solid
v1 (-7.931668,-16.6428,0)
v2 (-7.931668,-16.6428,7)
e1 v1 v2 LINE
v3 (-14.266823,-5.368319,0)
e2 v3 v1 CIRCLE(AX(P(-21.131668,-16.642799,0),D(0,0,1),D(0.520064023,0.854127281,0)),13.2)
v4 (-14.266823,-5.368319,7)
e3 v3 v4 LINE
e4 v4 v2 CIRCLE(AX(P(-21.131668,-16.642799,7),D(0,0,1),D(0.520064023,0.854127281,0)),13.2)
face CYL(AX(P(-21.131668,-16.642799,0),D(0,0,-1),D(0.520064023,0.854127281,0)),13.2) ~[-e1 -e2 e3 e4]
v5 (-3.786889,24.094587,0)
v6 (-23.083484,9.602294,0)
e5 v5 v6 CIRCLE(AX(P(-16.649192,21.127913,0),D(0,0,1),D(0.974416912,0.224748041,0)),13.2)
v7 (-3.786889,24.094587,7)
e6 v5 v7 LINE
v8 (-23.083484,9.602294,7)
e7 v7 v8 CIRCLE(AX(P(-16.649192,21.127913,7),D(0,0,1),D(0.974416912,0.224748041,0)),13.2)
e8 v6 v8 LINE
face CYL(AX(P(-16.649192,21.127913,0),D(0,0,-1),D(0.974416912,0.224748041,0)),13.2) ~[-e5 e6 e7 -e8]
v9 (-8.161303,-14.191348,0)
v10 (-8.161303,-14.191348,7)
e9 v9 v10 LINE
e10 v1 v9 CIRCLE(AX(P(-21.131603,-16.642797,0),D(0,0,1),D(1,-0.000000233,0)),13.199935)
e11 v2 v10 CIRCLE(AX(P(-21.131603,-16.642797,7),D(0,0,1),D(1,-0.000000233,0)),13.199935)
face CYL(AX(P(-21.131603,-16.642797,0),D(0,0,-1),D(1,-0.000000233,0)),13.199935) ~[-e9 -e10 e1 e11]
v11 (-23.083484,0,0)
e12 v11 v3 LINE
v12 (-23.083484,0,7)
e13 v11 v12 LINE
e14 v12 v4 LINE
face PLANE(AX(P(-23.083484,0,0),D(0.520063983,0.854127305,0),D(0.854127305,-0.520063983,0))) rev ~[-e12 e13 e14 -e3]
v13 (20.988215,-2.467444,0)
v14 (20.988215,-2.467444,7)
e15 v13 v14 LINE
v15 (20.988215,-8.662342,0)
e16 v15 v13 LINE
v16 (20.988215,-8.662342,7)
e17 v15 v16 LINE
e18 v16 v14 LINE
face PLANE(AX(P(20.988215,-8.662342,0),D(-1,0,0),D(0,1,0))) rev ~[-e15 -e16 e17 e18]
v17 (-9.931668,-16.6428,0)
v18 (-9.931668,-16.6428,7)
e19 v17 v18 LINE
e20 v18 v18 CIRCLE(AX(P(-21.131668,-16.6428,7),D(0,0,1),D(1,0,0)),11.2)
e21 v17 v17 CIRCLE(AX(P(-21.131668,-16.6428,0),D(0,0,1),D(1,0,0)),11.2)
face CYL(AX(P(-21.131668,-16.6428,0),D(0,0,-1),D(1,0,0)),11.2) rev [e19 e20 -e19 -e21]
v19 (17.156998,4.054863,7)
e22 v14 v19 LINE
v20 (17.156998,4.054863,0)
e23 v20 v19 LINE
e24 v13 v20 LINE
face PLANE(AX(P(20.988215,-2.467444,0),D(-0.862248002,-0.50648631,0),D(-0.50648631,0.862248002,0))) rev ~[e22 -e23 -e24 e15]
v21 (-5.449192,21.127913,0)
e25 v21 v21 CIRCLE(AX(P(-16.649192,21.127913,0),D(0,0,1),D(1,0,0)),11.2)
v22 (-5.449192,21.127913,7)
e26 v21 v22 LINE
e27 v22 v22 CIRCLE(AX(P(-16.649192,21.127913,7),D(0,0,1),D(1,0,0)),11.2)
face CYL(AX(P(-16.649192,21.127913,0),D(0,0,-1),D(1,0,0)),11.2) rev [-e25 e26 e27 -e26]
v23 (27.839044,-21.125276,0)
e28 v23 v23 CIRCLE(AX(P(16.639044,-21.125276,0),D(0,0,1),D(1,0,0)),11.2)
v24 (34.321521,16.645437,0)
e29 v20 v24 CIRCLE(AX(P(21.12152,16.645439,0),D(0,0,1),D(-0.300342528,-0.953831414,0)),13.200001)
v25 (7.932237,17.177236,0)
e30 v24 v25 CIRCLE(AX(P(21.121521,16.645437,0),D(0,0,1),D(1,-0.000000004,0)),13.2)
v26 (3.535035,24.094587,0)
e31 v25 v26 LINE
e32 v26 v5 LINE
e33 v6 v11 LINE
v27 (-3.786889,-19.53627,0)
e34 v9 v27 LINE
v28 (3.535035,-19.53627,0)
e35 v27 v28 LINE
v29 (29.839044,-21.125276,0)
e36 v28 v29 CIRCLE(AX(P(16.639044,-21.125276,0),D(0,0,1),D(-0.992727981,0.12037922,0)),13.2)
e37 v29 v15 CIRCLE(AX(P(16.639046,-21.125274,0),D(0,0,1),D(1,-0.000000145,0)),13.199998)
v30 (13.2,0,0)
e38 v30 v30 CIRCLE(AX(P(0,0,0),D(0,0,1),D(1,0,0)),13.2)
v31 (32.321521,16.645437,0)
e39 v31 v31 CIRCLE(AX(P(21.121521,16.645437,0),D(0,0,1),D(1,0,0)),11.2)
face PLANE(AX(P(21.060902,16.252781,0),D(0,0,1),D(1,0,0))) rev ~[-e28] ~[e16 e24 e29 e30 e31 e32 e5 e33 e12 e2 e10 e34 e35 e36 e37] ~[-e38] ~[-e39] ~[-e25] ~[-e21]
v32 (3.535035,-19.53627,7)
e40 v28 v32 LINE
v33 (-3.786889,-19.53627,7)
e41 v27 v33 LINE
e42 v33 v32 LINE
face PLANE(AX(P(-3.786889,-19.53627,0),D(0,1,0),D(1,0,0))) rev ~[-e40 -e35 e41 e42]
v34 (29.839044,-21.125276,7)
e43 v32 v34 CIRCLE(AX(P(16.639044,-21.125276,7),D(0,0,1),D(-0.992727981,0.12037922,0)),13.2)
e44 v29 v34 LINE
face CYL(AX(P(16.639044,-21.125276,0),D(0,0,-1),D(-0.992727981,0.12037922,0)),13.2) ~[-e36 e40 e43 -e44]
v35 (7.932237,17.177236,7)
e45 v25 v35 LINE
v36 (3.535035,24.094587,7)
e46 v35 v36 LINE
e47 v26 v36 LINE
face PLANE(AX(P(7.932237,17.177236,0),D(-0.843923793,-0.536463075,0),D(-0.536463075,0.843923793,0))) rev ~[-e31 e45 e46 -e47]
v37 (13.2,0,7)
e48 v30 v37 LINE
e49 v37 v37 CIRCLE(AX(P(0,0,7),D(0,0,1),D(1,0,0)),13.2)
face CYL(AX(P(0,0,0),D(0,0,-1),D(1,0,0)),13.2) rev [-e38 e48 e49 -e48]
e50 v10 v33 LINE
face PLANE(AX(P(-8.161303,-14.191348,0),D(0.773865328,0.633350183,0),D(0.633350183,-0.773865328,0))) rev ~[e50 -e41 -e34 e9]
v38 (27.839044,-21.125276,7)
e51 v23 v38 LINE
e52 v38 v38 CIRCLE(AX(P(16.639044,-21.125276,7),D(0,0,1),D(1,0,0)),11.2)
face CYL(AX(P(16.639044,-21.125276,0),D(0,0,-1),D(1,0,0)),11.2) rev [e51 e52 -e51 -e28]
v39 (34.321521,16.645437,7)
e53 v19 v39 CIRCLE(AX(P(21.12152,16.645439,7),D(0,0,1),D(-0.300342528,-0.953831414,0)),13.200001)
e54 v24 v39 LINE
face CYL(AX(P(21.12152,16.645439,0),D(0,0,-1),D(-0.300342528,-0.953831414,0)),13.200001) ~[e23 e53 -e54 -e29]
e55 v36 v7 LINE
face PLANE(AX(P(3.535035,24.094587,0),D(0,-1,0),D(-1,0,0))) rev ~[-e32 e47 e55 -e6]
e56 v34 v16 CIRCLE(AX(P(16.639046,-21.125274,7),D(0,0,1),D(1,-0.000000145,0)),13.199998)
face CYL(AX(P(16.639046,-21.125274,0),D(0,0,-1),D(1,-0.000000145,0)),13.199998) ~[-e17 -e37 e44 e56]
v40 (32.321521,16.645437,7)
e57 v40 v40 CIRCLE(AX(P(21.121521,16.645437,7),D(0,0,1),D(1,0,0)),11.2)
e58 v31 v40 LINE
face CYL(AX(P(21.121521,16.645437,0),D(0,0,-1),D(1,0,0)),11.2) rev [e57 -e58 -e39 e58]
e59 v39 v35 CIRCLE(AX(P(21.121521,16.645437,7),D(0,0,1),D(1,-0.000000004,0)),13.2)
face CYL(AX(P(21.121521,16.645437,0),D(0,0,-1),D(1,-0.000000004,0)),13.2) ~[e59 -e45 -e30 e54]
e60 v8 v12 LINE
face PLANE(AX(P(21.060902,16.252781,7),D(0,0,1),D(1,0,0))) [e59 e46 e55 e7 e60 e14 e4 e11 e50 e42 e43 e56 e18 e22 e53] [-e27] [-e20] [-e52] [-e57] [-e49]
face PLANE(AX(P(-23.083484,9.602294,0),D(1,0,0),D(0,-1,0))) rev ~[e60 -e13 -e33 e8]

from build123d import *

# Parameters (mm, degrees)
F0_R     = 11.2
F0_R_2   = 13.2
F1_DEPTH = 7


with BuildPart() as f1:
    # F0 (on Top) → F1 (new body)
    with BuildSketch(Plane.XY):
        with BuildLine():
            ThreePointArc((17.156998, 4.054863), (28.928834, 6.001855), (34.321521, 16.645437))
            ThreePointArc((34.321521, 16.645437), (21.387474, 29.842758), (7.932237, 17.177236))
            ThreePointArc((7.932237, 17.177236), (10.322797, 9.054155), (17.156998, 4.054863))
        make_face()
        with Locations((21.121521, 16.645437)):
            Circle(F0_R, mode=Mode.SUBTRACT)
        with BuildLine():
            ThreePointArc((17.156998, 4.054863), (10.322797, 9.054155), (7.932237, 17.177236))
            Line((7.932237, 17.177236), (3.535035, 24.094587))
            Line((3.535035, 24.094587), (-3.786889, 24.094587))
            ThreePointArc((-3.786889, 24.094587), (-3.533888, 22.620829), (-3.449192, 21.127913))
            ThreePointArc((-3.449192, 21.127913), (-9.966852, 9.744314), (-23.083484, 9.602294))
            Line((-23.083484, 9.602294), (-23.083484, 0))
            Line((-23.083484, 0), (-14.266823, -5.368319))
            ThreePointArc((-14.266823, -5.368319), (-10.27716, -9.131498), (-8.161303, -14.191348))
            Line((-8.161303, -14.191348), (-3.786889, -19.53627))
            Line((-3.786889, -19.53627), (3.535035, -19.53627))
            ThreePointArc((3.535035, -19.53627), (9.658903, -9.921811), (20.988215, -8.662342))
            Line((20.988215, -8.662342), (20.988215, -2.467444))
            Line((20.988215, -2.467444), (17.156998, 4.054863))
        make_face()
        Circle(F0_R_2, mode=Mode.SUBTRACT)
        with BuildLine():
            ThreePointArc((-3.449192, 21.127913), (-3.533888, 22.620829), (-3.786889, 24.094587))
            ThreePointArc((-3.786889, 24.094587), (-24.576138, 31.6827), (-23.083484, 9.602294))
            ThreePointArc((-23.083484, 9.602294), (-9.966852, 9.744314), (-3.449192, 21.127913))
        make_face()
        with Locations((-16.649192, 21.127913)):
            Circle(F0_R, mode=Mode.SUBTRACT)
        with BuildLine():
            ThreePointArc((29.839044, -21.125276), (27.401225, -13.482274), (20.988215, -8.662342))
            ThreePointArc((20.988215, -8.662342), (9.658903, -9.921811), (3.535035, -19.53627))
            ThreePointArc((3.535035, -19.53627), (15.843093, -34.301256), (29.839044, -21.125276))
        make_face()
        with Locations((16.639044, -21.125276)):
            Circle(F0_R, mode=Mode.SUBTRACT)
        with BuildLine():
            ThreePointArc((-8.161303, -14.191348), (-10.27716, -9.131498), (-14.266823, -5.368319))
            ThreePointArc((-14.266823, -5.368319), (-32.639404, -23.109021), (-7.931668, -16.6428))
            ThreePointArc((-7.931668, -16.6428), (-7.989202, -15.411708), (-8.161303, -14.191348))
        make_face()
        with Locations((-21.131668, -16.6428)):
            Circle(F0_R, mode=Mode.SUBTRACT)
    extrude(amount=F1_DEPTH)


solid = f1.part
